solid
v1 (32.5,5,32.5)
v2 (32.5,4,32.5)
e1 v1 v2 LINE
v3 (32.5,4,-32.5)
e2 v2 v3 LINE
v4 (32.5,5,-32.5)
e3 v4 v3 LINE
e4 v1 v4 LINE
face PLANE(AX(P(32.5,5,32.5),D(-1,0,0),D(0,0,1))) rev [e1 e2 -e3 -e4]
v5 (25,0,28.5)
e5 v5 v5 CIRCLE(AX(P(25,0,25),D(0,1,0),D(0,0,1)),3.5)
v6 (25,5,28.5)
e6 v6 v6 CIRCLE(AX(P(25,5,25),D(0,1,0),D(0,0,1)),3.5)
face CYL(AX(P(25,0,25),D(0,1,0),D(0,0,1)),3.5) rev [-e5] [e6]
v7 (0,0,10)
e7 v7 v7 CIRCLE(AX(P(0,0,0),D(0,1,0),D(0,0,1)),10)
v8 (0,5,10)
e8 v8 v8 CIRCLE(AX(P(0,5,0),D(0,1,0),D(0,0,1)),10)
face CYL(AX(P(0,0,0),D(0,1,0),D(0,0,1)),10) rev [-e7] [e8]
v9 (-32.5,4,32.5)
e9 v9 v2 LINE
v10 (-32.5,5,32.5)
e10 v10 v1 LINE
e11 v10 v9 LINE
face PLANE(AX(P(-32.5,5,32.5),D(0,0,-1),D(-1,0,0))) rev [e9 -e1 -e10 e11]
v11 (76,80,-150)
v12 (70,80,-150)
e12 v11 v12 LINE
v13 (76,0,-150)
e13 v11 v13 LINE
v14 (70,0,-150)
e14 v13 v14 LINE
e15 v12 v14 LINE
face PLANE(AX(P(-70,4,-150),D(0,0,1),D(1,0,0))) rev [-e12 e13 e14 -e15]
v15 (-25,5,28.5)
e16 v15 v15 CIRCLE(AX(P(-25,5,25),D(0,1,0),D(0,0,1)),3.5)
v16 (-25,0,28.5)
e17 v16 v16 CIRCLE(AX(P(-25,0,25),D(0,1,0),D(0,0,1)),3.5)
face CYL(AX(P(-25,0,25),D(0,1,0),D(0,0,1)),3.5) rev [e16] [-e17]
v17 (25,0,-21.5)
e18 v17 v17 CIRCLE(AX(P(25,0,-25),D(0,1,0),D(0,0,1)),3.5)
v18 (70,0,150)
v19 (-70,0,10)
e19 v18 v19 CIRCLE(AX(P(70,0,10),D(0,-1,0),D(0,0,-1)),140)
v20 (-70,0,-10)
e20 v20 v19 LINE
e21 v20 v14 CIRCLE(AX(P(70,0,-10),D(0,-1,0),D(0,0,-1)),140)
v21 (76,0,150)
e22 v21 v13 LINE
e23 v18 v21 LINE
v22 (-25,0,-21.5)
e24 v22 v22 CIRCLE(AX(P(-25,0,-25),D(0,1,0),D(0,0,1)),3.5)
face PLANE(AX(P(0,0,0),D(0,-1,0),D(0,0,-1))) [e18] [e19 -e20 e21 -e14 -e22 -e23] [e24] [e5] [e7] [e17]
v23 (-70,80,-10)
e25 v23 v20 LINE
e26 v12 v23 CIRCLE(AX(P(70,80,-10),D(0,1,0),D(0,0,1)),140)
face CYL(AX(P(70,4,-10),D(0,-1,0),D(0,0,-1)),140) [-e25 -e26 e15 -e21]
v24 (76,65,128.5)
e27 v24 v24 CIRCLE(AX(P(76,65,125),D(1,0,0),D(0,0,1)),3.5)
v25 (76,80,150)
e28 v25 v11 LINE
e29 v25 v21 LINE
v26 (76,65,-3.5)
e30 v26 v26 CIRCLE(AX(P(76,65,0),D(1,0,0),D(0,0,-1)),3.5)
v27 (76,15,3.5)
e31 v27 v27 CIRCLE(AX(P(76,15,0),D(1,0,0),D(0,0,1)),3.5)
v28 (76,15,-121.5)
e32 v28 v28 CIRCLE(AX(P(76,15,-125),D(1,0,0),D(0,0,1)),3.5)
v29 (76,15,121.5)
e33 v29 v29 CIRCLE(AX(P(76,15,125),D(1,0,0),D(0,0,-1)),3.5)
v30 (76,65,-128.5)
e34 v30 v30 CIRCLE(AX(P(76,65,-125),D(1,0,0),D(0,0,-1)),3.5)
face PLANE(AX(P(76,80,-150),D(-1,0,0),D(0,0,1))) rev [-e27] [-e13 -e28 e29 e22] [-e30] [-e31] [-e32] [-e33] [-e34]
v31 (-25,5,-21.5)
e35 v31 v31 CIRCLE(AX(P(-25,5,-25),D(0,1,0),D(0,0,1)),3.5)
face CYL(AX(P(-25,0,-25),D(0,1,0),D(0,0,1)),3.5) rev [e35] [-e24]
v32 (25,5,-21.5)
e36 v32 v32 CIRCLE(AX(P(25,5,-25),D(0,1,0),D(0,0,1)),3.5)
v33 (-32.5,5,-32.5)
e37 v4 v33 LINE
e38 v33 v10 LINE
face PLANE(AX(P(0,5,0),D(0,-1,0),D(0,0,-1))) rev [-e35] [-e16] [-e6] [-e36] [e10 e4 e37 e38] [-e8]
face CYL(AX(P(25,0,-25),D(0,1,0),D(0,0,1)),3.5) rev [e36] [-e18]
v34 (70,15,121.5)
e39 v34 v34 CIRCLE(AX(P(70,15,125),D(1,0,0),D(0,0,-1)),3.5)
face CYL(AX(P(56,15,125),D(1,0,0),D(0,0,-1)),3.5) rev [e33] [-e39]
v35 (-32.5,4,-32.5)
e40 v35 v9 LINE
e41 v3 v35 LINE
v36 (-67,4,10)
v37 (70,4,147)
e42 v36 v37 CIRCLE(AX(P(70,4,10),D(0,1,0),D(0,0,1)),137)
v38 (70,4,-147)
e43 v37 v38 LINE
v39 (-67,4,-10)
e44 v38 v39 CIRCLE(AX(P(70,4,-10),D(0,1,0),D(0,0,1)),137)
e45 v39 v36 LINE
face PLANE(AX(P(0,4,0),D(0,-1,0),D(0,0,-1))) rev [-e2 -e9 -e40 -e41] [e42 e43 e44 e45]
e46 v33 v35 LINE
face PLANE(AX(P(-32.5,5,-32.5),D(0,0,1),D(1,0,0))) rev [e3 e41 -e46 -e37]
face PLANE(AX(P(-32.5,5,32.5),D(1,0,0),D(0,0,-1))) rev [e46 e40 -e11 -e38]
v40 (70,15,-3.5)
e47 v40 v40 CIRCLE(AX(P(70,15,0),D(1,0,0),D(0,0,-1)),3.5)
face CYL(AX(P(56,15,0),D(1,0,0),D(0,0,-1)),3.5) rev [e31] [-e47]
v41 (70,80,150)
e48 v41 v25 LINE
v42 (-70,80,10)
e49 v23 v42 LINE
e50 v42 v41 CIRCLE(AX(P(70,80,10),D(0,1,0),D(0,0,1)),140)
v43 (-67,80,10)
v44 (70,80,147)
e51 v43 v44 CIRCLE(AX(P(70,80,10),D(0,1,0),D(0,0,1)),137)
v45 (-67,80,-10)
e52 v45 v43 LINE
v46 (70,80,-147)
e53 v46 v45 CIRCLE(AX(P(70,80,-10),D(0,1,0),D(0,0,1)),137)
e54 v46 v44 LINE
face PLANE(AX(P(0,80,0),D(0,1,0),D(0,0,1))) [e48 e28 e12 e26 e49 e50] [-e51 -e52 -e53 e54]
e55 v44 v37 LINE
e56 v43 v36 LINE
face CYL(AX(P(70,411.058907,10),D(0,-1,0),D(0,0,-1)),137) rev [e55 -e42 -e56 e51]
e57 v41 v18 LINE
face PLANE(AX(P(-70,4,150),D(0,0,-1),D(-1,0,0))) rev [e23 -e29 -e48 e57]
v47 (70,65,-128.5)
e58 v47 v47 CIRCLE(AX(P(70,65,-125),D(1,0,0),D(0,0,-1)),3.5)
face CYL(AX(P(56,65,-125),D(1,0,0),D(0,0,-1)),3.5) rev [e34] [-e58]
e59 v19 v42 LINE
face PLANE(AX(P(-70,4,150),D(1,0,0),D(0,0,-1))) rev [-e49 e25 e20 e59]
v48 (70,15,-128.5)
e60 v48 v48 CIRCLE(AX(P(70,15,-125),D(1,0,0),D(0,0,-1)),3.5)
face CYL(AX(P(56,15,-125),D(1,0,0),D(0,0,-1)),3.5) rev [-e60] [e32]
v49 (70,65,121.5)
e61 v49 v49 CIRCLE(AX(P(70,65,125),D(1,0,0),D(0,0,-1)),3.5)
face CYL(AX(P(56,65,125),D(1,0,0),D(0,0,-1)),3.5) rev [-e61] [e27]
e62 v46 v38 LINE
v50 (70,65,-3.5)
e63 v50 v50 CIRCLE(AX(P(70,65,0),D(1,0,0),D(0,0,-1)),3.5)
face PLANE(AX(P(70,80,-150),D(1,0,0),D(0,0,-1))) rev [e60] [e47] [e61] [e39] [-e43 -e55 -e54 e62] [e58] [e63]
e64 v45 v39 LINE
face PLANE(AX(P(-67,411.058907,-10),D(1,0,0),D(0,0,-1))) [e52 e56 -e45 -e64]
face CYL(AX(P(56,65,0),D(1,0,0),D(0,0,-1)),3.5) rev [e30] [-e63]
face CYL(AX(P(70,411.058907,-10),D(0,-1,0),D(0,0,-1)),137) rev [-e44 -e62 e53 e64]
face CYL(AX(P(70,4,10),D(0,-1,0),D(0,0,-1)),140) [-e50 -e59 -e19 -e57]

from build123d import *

# Parameters (mm, degrees)
SKETCH_1_W          = 140
SKETCH_1_H          = 300
EXTRUDE_1_DEPTH     = 4
SKETCH_2_W          = 6
SKETCH_2_H          = 300
EXTRUDE_2_DEPTH     = 80
FILLET_1_R          = 140
SKETCH_3_W          = 65
SKETCH_3_H          = 65
EXTRUDE_3_DEPTH     = 1
SKETCH_4_R          = 3.5
SKETCH_4_R_2        = 10
CUT_EXTRUDE_1_DEPTH = 185.122242002
EXTRUDE_START       = 76
EXTRUDE_1_2_DEPTH   = 76
SKETCH_16_R         = 3.5
CUT_EXTRUDE_6_DEPTH = 20


with BuildPart() as part:
    # Эскиз1 → Extrude 1 (new body)
    with BuildSketch(Plane(origin=(0, 0, 0), x_dir=(1, 0, 0), z_dir=(0, 1, 0))):
        Rectangle(SKETCH_1_W, SKETCH_1_H)
    extrude(amount=EXTRUDE_1_DEPTH)

    # Эскиз2 → Бобышка-Вытянуть2 (add)
    with BuildSketch(Plane(origin=(0, 0, 0), x_dir=(1, 0, 0), z_dir=(0, 1, 0))):
        with Locations((73, 0)):
            Rectangle(SKETCH_2_W, SKETCH_2_H)
    extrude(amount=EXTRUDE_2_DEPTH)

    # Скругление1
    fillet_1_edges = [part.edges().sort_by_distance(p)[0] for p in [
        (-70, 2, -150),
        (-70, 2, 150),
    ]]
    fillet(fillet_1_edges, radius=FILLET_1_R)

    # Эскиз3 → Бобышка-Вытянуть3 (add)
    with BuildSketch(Plane(origin=(0, 4, 0), x_dir=(1, 0, 0), z_dir=(0, 1, 0))):
        Rectangle(SKETCH_3_W, SKETCH_3_H)
    extrude(amount=EXTRUDE_3_DEPTH)

    # Эскиз4 → Вырез-Вытянуть1 (cut, through all)
    with BuildSketch(Plane(origin=(0, 5, 0), x_dir=(1, 0, 0), z_dir=(0, 1, 0))):
        with Locations(Location((-25, 25, 0), (0, 0, 270))):
            Circle(SKETCH_4_R)
        with Locations(Location((25, 25, 0), (0, 0, 270))):
            Circle(SKETCH_4_R)
        with Locations(Location((-25, -25, 0), (0, 0, 270))):
            Circle(SKETCH_4_R)
        with Locations(Location((25, -25, 0), (0, 0, 270))):
            Circle(SKETCH_4_R)
        with Locations(Location((0, 0, 0), (0, 0, 270))):
            Circle(SKETCH_4_R_2)
    extrude(amount=-CUT_EXTRUDE_1_DEPTH, mode=Mode.SUBTRACT)

    # Эскиз9 → Extrude 1 2 (add)
    with BuildSketch(Plane(origin=(0, 4, 0), x_dir=(1, 0, 0), z_dir=(0, 1, 0)).offset(EXTRUDE_START)):
        with BuildLine():
            ThreePointArc((70, 147), (-26.873629023, 106.873629023), (-67, 10))
            Line((-67, 10), (-67, -10))
            ThreePointArc((-67, -10), (-26.873629023, -106.873629023), (70, -147))
            Line((70, -147), (70, -150))
            ThreePointArc((70, -150), (-28.994949366, -108.994949366), (-70, -10))
            Line((-70, -10), (-70, 10))
            ThreePointArc((-70, 10), (-28.994949366, 108.994949366), (70, 150))
            Line((70, 150), (70, 147))
        make_face()
    extrude(amount=-EXTRUDE_1_2_DEPTH)

    # Эскиз16 → Вырез-Вытянуть6 (cut)
    with BuildSketch(Plane(origin=(76, 0, 0), x_dir=(0, 0, -1), z_dir=(1, 0, 0))):
        with Locations((0, 65)):
            Circle(SKETCH_16_R)
        with Locations((0, 15)):
            Circle(SKETCH_16_R)
        with Locations((125, 65)):
            Circle(SKETCH_16_R)
        with Locations((-125, 65)):
            Circle(SKETCH_16_R)
        with Locations((-125, 15)):
            Circle(SKETCH_16_R)
        with Locations((125, 15)):
            Circle(SKETCH_16_R)
    extrude(amount=-CUT_EXTRUDE_6_DEPTH, mode=Mode.SUBTRACT)


solid = part.part
